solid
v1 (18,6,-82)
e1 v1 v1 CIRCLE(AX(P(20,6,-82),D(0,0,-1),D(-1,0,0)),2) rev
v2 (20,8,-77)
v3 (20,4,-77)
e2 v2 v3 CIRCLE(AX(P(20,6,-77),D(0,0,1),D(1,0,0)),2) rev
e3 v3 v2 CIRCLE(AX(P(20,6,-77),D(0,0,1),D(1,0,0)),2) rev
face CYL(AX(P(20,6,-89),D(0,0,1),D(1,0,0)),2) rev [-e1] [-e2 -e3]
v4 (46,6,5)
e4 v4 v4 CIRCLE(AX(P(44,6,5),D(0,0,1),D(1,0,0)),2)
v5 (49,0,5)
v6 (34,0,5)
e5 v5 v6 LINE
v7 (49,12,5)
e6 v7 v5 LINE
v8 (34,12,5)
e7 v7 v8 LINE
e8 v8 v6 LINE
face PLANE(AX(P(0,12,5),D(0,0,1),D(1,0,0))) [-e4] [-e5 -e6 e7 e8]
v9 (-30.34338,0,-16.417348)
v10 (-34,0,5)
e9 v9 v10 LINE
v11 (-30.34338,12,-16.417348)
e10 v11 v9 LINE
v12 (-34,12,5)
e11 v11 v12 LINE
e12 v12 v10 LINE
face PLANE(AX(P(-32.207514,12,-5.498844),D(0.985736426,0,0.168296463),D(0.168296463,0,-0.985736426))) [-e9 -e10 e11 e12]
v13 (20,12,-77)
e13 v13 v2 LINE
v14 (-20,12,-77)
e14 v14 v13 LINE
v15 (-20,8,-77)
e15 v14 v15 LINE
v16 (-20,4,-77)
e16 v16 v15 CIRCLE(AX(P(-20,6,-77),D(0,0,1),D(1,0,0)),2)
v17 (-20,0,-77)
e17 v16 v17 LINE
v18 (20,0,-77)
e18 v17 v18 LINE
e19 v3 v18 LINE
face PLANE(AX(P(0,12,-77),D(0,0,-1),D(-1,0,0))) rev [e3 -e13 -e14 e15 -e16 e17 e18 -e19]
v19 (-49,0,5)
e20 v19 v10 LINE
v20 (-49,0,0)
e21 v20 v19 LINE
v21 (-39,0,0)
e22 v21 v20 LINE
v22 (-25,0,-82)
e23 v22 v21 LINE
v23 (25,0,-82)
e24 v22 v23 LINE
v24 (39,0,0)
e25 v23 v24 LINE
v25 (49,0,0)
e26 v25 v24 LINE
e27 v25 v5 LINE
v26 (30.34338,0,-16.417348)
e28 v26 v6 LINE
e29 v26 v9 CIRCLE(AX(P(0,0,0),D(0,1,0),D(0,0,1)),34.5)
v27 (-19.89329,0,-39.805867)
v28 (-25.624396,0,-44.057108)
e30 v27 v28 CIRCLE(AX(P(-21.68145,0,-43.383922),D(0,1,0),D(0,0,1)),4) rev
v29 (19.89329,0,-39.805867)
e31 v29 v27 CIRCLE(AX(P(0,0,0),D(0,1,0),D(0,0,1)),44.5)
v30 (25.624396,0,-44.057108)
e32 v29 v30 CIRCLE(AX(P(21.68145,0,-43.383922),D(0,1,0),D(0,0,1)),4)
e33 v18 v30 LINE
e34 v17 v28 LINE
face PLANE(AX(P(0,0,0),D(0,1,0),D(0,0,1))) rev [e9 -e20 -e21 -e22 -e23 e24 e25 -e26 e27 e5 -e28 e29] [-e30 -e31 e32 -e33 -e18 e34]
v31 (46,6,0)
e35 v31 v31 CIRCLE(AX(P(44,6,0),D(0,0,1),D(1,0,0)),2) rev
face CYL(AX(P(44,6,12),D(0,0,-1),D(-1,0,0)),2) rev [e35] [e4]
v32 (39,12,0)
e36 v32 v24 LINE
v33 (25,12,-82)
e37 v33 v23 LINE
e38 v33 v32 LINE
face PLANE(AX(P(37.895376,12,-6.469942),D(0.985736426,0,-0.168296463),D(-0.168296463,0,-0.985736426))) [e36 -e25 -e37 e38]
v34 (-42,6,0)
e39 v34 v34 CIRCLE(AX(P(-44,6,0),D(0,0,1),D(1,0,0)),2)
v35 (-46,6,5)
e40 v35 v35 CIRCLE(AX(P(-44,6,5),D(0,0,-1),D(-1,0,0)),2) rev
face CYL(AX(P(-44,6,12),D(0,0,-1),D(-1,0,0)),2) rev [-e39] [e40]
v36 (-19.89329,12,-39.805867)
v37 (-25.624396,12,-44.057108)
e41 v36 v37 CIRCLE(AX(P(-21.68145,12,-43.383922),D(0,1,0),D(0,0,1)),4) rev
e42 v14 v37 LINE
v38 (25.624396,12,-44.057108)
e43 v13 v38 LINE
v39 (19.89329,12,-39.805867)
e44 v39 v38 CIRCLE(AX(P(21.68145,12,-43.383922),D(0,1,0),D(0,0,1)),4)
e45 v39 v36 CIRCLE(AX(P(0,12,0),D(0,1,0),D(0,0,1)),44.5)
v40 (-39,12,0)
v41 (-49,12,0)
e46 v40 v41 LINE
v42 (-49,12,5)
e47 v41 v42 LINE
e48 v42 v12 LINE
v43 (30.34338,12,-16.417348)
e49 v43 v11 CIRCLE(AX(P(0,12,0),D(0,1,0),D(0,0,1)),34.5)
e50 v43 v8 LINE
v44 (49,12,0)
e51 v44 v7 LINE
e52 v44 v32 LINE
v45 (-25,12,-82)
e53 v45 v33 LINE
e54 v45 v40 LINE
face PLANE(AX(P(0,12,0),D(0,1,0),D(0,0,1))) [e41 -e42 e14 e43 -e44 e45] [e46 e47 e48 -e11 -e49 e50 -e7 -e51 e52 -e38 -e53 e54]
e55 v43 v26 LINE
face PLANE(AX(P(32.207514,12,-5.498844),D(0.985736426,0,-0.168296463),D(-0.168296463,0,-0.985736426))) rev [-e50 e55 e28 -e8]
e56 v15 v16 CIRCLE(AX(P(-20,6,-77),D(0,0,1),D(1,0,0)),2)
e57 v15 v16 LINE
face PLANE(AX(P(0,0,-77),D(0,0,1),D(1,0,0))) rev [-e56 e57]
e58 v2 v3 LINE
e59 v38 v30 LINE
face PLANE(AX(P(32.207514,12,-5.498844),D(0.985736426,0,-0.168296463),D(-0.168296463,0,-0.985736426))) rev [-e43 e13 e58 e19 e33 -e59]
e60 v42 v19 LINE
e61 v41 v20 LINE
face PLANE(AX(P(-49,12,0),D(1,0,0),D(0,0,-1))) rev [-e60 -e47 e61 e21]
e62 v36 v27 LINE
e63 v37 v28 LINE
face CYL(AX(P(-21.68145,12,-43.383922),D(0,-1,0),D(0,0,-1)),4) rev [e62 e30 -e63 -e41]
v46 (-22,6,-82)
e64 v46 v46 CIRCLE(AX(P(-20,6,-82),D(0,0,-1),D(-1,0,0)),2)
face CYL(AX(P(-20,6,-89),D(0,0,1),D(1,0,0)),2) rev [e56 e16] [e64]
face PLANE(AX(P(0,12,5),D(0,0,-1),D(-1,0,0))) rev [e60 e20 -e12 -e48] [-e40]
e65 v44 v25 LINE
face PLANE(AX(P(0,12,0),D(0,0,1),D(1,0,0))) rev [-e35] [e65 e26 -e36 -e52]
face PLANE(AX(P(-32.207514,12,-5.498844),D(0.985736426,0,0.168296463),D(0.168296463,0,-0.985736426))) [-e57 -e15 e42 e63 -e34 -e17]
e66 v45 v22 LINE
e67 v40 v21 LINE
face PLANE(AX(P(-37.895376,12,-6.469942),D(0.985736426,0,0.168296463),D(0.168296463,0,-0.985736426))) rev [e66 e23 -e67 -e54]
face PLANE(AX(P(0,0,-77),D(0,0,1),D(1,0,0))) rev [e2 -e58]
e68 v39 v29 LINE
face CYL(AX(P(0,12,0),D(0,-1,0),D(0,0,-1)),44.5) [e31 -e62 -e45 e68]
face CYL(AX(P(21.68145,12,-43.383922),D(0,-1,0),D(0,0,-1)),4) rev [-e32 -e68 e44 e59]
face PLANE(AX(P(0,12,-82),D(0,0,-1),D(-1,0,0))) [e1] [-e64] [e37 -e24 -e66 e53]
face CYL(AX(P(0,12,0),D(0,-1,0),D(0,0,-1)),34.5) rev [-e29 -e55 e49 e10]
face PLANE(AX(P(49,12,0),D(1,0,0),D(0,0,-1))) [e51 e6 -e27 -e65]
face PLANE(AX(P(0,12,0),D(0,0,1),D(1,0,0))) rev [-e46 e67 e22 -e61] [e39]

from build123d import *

# Parameters (mm, degrees)
BOSS_EXTRUDE1_DEPTH = 12
SKETCH2_R           = 2
CUT_EXTRUDE4_DEPTH  = 12
CUT_EXTRUDE5_START  = -77
SKETCH2_3_R         = 2
CUT_EXTRUDE5_DEPTH  = 12


with BuildPart() as part:
    # Sketch1 → Boss-Extrude1 (new body)
    with BuildSketch(Plane(origin=(0, 0, 0), x_dir=(1, 0, 0), z_dir=(0, 1, 0))):
        with BuildLine():
            Line((49, -5), (49, 0))
            Line((49, 0), (39, 0))
            Line((39, 0), (25, 82))
            Line((25, 82), (-25, 82))
            Line((-25, 82), (-39, 0))
            Line((-39, 0), (-49, 0))
            Line((-49, 0), (-49, -5))
            Line((-49, -5), (-34, -5))
            Line((-34, -5), (-30.343379621, 16.417347933))
            ThreePointArc((-30.343379621, 16.417347933), (0, 34.5), (30.343379621, 16.417347933))
            Line((30.343379621, 16.417347933), (34, -5))
            Line((34, -5), (49, -5))
        make_face()
        with BuildLine():
            Line((20, 77), (25.624396188, 44.057108045))
            ThreePointArc((25.624396188, 44.057108045), (24.064523617, 40.171296717), (19.893289621, 39.805866754))
            ThreePointArc((19.893289621, 39.805866754), (0, 44.5), (-19.893289621, 39.805866754))
            ThreePointArc((-19.893289621, 39.805866754), (-24.064523617, 40.171296717), (-25.624396188, 44.057108045))
            Line((-25.624396188, 44.057108045), (-20, 77))
            Line((-20, 77), (20, 77))
        make_face(mode=Mode.SUBTRACT)
    extrude(amount=BOSS_EXTRUDE1_DEPTH)

    # Sketch2 → Cut-Extrude4 (cut)
    with BuildSketch(Plane.XY):
        with Locations((-44, 6)):
            Circle(SKETCH2_R)
        with Locations((44, 6)):
            Circle(SKETCH2_R)
    extrude(amount=CUT_EXTRUDE4_DEPTH, mode=Mode.SUBTRACT)

    # Sketch2<3> → Cut-Extrude5 (cut)
    with BuildSketch(Plane.XY.offset(CUT_EXTRUDE5_START)):
        with Locations((-20, 6)):
            Circle(SKETCH2_3_R)
        with Locations((20, 6)):
            Circle(SKETCH2_3_R)
    extrude(amount=-CUT_EXTRUDE5_DEPTH, mode=Mode.SUBTRACT)


solid = part.part
